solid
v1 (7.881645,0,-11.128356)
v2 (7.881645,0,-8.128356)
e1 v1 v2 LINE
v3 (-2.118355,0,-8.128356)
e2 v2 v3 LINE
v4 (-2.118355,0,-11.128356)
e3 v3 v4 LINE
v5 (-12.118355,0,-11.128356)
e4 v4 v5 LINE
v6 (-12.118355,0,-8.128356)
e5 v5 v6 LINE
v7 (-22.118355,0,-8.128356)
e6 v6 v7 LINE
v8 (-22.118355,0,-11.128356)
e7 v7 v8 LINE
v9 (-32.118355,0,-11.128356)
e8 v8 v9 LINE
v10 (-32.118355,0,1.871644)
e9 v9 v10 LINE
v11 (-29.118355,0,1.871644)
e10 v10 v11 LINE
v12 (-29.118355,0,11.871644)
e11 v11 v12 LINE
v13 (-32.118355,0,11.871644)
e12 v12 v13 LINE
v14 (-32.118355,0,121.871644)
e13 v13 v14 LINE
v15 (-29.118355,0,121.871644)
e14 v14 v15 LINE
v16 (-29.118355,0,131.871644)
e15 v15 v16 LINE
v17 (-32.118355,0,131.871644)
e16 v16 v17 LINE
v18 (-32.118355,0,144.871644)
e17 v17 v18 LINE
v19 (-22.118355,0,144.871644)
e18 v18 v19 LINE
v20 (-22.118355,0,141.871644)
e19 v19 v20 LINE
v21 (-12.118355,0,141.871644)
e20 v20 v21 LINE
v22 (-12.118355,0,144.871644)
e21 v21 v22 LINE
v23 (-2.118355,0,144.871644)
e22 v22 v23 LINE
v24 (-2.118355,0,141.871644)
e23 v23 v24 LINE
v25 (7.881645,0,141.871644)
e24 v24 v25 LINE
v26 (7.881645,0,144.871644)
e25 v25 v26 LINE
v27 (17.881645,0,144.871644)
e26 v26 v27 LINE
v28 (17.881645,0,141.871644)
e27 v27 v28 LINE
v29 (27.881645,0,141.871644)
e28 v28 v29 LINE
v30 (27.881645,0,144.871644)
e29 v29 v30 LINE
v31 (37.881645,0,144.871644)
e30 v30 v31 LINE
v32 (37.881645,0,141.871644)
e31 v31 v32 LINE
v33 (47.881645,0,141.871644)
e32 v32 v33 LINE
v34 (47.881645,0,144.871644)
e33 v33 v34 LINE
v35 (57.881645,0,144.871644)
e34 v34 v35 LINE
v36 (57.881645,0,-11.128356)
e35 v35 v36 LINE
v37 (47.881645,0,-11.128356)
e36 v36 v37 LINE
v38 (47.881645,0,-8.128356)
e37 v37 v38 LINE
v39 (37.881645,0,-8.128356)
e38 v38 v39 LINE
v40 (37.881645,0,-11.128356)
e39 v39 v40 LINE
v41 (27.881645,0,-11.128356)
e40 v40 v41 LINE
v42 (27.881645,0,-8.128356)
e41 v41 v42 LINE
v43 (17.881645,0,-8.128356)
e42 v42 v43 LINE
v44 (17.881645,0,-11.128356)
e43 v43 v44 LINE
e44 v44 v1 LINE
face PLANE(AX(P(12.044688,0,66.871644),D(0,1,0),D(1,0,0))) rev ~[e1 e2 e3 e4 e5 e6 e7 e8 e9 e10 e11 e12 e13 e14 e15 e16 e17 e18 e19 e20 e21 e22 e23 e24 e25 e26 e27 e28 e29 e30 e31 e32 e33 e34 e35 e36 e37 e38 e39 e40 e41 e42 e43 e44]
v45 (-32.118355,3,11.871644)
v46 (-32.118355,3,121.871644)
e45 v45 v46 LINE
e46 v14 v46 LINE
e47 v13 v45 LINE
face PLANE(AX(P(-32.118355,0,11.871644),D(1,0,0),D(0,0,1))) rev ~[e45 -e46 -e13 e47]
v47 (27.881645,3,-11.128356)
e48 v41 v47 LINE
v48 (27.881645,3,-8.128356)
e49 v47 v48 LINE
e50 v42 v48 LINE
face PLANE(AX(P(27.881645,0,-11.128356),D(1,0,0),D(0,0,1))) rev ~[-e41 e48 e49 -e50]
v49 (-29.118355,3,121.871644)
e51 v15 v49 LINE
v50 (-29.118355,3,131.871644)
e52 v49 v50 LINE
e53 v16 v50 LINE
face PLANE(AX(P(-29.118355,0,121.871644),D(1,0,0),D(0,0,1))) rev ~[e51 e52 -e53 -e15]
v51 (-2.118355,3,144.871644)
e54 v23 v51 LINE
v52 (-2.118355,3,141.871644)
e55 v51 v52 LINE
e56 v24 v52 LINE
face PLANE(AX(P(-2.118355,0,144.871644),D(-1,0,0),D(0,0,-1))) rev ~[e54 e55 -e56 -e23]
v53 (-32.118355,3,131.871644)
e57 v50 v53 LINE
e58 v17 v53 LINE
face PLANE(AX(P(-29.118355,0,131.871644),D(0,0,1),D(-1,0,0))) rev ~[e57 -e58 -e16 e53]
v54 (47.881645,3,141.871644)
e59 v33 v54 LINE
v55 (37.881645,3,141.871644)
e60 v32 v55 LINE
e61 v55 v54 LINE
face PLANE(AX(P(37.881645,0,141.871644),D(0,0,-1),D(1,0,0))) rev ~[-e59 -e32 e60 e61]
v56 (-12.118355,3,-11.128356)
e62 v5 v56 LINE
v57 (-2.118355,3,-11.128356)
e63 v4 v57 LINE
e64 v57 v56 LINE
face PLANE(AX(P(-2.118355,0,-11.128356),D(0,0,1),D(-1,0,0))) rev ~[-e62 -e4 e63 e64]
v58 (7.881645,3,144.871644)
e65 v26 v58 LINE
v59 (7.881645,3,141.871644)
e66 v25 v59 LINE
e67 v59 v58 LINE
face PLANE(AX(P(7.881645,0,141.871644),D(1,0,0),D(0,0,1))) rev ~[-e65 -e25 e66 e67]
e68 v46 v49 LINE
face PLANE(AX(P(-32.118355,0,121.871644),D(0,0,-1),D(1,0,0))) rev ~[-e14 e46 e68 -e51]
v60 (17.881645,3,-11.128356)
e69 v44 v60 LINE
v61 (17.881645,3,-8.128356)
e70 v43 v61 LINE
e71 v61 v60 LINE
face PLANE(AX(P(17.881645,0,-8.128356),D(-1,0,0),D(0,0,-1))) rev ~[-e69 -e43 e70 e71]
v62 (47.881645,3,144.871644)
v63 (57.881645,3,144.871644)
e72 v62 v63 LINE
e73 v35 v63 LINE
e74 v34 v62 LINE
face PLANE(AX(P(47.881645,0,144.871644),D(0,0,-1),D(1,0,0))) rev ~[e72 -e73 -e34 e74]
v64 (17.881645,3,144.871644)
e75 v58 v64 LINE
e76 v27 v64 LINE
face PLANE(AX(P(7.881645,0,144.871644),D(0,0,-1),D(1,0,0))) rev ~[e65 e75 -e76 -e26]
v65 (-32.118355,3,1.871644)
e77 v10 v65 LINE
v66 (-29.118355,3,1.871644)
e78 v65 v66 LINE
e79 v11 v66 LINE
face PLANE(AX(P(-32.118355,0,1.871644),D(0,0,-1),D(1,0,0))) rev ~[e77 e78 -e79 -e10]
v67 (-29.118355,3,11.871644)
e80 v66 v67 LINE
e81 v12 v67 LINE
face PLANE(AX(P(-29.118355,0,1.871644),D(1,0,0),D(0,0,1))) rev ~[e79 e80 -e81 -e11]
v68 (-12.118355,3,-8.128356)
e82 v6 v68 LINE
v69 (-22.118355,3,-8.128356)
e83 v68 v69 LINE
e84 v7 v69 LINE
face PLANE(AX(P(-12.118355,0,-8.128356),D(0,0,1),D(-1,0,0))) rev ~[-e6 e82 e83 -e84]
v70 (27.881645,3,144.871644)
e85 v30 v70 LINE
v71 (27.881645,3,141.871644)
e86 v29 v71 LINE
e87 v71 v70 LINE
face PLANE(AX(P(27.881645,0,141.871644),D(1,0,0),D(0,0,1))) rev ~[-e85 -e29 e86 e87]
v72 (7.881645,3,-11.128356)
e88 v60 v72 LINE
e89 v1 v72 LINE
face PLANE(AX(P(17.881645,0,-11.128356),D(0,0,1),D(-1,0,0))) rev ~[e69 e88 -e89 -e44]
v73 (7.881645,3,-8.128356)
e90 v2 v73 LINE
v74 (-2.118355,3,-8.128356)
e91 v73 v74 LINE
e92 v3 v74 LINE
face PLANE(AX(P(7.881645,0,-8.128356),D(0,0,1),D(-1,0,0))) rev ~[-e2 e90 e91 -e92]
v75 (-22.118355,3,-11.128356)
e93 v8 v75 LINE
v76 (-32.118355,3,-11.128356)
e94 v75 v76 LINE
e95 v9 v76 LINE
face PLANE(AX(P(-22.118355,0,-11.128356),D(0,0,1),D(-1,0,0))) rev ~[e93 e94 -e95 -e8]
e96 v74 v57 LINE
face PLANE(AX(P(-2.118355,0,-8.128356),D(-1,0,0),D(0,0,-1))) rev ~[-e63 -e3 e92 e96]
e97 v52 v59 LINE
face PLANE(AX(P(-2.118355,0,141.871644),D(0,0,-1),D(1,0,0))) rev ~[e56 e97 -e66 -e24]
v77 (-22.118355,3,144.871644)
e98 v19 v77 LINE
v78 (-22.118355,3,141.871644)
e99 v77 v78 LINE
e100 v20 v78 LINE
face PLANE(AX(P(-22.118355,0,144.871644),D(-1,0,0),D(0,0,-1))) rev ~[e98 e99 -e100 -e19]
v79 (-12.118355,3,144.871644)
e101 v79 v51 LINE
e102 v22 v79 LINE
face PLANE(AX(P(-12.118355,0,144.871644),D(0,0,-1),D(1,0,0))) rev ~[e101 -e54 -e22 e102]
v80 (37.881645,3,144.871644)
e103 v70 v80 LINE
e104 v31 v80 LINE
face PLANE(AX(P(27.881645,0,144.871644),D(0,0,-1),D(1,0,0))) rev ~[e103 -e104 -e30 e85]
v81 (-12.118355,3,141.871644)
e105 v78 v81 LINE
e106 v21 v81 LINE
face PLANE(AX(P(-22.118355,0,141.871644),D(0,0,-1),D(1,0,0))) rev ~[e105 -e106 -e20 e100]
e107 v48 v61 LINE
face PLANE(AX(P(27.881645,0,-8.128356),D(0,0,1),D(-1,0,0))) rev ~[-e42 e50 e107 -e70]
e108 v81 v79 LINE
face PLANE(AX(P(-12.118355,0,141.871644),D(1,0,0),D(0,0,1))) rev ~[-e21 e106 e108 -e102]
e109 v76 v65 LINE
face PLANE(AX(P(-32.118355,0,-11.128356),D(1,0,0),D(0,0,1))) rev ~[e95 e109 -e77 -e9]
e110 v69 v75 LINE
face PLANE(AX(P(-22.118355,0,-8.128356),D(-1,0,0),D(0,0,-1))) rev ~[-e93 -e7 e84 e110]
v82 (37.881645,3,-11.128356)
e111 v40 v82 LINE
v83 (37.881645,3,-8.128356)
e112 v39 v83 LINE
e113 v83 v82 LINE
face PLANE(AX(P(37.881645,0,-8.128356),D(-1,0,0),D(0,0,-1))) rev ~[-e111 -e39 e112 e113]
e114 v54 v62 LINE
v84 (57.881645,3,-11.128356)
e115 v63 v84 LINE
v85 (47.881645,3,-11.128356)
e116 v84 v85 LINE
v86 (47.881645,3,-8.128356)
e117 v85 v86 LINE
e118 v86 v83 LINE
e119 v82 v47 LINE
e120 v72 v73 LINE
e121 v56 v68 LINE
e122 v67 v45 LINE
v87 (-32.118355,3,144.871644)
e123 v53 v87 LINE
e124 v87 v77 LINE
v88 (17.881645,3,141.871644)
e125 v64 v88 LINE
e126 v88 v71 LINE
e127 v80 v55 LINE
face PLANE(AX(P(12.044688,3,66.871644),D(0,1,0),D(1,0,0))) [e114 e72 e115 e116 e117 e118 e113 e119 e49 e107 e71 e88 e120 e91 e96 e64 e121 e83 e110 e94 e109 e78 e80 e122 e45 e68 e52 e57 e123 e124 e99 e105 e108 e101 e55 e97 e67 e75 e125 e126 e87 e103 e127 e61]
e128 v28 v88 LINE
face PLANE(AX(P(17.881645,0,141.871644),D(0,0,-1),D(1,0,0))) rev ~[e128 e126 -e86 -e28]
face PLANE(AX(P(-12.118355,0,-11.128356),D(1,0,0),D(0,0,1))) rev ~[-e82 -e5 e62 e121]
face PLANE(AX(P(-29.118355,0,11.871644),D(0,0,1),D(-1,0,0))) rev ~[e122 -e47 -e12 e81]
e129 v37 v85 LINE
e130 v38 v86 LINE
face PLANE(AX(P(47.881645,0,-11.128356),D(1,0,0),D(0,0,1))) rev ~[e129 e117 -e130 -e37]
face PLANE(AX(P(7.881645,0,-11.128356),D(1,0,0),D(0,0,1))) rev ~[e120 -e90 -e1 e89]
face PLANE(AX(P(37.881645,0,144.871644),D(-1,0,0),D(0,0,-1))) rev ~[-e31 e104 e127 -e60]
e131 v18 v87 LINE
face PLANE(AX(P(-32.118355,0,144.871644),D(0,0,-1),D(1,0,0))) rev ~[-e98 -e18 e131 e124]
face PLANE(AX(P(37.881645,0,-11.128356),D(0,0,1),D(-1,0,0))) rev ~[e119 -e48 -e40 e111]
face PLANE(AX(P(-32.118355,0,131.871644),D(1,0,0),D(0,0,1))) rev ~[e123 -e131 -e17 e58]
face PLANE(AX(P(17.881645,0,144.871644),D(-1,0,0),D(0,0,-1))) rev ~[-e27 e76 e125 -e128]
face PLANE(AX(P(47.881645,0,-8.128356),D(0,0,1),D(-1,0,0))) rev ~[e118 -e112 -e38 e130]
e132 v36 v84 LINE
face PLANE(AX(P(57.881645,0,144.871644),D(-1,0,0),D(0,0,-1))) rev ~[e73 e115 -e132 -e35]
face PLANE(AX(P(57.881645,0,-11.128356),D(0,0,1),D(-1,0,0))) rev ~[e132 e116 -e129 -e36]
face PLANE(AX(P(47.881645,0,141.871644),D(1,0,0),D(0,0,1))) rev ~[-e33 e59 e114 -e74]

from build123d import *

# Parameters (mm, degrees)
BOSS_EXTRU_1_DEPTH = 3


with BuildPart() as part:
    # Esquisse1 → Boss.-Extru.1 (new body)
    with BuildSketch(Plane(origin=(0, 0, 0), x_dir=(1, 0, 0), z_dir=(0, 1, 0))):
        Polygon((-2.118354979, 8.128356032), (-2.118354979, 11.128356032), (-12.118354979, 11.128356032), (-12.118354979, 8.128356032), (-22.118354979, 8.128356032), (-22.118354979, 11.128356032), (-32.118354979, 11.128356032), (-32.118354979, -1.871643968), (-29.118354979, -1.871643968), (-29.118354979, -11.871643968), (-32.118354979, -11.871643968), (-32.118354979, -121.871643968), (-29.118354979, -121.871643968), (-29.118354979, -131.871643968), (-32.118354979, -131.871643968), (-32.118354979, -144.871643968), (-22.118354979, -144.871643968), (-22.118354979, -141.871643968), (-12.118354979, -141.871643968), (-12.118354979, -144.871643968), (-2.118354979, -144.871643968), (-2.118354979, -141.871643968), (7.881645021, -141.871643968), (7.881645021, -144.871643968), (17.881645021, -144.871643968), (17.881645021, -141.871643968), (27.881645021, -141.871643968), (27.881645021, -144.871643968), (37.881645021, -144.871643968), (37.881645021, -141.871643968), (47.881645021, -141.871643968), (47.881645021, -144.871643968), (57.881645021, -144.871643968), (57.881645021, 11.128356032), (47.881645021, 11.128356032), (47.881645021, 8.128356032), (37.881645021, 8.128356032), (37.881645021, 11.128356032), (27.881645021, 11.128356032), (27.881645021, 8.128356032), (17.881645021, 8.128356032), (17.881645021, 11.128356032), (7.881645021, 11.128356032), (7.881645021, 8.128356032), align=None)
    extrude(amount=BOSS_EXTRU_1_DEPTH)


solid = part.part
